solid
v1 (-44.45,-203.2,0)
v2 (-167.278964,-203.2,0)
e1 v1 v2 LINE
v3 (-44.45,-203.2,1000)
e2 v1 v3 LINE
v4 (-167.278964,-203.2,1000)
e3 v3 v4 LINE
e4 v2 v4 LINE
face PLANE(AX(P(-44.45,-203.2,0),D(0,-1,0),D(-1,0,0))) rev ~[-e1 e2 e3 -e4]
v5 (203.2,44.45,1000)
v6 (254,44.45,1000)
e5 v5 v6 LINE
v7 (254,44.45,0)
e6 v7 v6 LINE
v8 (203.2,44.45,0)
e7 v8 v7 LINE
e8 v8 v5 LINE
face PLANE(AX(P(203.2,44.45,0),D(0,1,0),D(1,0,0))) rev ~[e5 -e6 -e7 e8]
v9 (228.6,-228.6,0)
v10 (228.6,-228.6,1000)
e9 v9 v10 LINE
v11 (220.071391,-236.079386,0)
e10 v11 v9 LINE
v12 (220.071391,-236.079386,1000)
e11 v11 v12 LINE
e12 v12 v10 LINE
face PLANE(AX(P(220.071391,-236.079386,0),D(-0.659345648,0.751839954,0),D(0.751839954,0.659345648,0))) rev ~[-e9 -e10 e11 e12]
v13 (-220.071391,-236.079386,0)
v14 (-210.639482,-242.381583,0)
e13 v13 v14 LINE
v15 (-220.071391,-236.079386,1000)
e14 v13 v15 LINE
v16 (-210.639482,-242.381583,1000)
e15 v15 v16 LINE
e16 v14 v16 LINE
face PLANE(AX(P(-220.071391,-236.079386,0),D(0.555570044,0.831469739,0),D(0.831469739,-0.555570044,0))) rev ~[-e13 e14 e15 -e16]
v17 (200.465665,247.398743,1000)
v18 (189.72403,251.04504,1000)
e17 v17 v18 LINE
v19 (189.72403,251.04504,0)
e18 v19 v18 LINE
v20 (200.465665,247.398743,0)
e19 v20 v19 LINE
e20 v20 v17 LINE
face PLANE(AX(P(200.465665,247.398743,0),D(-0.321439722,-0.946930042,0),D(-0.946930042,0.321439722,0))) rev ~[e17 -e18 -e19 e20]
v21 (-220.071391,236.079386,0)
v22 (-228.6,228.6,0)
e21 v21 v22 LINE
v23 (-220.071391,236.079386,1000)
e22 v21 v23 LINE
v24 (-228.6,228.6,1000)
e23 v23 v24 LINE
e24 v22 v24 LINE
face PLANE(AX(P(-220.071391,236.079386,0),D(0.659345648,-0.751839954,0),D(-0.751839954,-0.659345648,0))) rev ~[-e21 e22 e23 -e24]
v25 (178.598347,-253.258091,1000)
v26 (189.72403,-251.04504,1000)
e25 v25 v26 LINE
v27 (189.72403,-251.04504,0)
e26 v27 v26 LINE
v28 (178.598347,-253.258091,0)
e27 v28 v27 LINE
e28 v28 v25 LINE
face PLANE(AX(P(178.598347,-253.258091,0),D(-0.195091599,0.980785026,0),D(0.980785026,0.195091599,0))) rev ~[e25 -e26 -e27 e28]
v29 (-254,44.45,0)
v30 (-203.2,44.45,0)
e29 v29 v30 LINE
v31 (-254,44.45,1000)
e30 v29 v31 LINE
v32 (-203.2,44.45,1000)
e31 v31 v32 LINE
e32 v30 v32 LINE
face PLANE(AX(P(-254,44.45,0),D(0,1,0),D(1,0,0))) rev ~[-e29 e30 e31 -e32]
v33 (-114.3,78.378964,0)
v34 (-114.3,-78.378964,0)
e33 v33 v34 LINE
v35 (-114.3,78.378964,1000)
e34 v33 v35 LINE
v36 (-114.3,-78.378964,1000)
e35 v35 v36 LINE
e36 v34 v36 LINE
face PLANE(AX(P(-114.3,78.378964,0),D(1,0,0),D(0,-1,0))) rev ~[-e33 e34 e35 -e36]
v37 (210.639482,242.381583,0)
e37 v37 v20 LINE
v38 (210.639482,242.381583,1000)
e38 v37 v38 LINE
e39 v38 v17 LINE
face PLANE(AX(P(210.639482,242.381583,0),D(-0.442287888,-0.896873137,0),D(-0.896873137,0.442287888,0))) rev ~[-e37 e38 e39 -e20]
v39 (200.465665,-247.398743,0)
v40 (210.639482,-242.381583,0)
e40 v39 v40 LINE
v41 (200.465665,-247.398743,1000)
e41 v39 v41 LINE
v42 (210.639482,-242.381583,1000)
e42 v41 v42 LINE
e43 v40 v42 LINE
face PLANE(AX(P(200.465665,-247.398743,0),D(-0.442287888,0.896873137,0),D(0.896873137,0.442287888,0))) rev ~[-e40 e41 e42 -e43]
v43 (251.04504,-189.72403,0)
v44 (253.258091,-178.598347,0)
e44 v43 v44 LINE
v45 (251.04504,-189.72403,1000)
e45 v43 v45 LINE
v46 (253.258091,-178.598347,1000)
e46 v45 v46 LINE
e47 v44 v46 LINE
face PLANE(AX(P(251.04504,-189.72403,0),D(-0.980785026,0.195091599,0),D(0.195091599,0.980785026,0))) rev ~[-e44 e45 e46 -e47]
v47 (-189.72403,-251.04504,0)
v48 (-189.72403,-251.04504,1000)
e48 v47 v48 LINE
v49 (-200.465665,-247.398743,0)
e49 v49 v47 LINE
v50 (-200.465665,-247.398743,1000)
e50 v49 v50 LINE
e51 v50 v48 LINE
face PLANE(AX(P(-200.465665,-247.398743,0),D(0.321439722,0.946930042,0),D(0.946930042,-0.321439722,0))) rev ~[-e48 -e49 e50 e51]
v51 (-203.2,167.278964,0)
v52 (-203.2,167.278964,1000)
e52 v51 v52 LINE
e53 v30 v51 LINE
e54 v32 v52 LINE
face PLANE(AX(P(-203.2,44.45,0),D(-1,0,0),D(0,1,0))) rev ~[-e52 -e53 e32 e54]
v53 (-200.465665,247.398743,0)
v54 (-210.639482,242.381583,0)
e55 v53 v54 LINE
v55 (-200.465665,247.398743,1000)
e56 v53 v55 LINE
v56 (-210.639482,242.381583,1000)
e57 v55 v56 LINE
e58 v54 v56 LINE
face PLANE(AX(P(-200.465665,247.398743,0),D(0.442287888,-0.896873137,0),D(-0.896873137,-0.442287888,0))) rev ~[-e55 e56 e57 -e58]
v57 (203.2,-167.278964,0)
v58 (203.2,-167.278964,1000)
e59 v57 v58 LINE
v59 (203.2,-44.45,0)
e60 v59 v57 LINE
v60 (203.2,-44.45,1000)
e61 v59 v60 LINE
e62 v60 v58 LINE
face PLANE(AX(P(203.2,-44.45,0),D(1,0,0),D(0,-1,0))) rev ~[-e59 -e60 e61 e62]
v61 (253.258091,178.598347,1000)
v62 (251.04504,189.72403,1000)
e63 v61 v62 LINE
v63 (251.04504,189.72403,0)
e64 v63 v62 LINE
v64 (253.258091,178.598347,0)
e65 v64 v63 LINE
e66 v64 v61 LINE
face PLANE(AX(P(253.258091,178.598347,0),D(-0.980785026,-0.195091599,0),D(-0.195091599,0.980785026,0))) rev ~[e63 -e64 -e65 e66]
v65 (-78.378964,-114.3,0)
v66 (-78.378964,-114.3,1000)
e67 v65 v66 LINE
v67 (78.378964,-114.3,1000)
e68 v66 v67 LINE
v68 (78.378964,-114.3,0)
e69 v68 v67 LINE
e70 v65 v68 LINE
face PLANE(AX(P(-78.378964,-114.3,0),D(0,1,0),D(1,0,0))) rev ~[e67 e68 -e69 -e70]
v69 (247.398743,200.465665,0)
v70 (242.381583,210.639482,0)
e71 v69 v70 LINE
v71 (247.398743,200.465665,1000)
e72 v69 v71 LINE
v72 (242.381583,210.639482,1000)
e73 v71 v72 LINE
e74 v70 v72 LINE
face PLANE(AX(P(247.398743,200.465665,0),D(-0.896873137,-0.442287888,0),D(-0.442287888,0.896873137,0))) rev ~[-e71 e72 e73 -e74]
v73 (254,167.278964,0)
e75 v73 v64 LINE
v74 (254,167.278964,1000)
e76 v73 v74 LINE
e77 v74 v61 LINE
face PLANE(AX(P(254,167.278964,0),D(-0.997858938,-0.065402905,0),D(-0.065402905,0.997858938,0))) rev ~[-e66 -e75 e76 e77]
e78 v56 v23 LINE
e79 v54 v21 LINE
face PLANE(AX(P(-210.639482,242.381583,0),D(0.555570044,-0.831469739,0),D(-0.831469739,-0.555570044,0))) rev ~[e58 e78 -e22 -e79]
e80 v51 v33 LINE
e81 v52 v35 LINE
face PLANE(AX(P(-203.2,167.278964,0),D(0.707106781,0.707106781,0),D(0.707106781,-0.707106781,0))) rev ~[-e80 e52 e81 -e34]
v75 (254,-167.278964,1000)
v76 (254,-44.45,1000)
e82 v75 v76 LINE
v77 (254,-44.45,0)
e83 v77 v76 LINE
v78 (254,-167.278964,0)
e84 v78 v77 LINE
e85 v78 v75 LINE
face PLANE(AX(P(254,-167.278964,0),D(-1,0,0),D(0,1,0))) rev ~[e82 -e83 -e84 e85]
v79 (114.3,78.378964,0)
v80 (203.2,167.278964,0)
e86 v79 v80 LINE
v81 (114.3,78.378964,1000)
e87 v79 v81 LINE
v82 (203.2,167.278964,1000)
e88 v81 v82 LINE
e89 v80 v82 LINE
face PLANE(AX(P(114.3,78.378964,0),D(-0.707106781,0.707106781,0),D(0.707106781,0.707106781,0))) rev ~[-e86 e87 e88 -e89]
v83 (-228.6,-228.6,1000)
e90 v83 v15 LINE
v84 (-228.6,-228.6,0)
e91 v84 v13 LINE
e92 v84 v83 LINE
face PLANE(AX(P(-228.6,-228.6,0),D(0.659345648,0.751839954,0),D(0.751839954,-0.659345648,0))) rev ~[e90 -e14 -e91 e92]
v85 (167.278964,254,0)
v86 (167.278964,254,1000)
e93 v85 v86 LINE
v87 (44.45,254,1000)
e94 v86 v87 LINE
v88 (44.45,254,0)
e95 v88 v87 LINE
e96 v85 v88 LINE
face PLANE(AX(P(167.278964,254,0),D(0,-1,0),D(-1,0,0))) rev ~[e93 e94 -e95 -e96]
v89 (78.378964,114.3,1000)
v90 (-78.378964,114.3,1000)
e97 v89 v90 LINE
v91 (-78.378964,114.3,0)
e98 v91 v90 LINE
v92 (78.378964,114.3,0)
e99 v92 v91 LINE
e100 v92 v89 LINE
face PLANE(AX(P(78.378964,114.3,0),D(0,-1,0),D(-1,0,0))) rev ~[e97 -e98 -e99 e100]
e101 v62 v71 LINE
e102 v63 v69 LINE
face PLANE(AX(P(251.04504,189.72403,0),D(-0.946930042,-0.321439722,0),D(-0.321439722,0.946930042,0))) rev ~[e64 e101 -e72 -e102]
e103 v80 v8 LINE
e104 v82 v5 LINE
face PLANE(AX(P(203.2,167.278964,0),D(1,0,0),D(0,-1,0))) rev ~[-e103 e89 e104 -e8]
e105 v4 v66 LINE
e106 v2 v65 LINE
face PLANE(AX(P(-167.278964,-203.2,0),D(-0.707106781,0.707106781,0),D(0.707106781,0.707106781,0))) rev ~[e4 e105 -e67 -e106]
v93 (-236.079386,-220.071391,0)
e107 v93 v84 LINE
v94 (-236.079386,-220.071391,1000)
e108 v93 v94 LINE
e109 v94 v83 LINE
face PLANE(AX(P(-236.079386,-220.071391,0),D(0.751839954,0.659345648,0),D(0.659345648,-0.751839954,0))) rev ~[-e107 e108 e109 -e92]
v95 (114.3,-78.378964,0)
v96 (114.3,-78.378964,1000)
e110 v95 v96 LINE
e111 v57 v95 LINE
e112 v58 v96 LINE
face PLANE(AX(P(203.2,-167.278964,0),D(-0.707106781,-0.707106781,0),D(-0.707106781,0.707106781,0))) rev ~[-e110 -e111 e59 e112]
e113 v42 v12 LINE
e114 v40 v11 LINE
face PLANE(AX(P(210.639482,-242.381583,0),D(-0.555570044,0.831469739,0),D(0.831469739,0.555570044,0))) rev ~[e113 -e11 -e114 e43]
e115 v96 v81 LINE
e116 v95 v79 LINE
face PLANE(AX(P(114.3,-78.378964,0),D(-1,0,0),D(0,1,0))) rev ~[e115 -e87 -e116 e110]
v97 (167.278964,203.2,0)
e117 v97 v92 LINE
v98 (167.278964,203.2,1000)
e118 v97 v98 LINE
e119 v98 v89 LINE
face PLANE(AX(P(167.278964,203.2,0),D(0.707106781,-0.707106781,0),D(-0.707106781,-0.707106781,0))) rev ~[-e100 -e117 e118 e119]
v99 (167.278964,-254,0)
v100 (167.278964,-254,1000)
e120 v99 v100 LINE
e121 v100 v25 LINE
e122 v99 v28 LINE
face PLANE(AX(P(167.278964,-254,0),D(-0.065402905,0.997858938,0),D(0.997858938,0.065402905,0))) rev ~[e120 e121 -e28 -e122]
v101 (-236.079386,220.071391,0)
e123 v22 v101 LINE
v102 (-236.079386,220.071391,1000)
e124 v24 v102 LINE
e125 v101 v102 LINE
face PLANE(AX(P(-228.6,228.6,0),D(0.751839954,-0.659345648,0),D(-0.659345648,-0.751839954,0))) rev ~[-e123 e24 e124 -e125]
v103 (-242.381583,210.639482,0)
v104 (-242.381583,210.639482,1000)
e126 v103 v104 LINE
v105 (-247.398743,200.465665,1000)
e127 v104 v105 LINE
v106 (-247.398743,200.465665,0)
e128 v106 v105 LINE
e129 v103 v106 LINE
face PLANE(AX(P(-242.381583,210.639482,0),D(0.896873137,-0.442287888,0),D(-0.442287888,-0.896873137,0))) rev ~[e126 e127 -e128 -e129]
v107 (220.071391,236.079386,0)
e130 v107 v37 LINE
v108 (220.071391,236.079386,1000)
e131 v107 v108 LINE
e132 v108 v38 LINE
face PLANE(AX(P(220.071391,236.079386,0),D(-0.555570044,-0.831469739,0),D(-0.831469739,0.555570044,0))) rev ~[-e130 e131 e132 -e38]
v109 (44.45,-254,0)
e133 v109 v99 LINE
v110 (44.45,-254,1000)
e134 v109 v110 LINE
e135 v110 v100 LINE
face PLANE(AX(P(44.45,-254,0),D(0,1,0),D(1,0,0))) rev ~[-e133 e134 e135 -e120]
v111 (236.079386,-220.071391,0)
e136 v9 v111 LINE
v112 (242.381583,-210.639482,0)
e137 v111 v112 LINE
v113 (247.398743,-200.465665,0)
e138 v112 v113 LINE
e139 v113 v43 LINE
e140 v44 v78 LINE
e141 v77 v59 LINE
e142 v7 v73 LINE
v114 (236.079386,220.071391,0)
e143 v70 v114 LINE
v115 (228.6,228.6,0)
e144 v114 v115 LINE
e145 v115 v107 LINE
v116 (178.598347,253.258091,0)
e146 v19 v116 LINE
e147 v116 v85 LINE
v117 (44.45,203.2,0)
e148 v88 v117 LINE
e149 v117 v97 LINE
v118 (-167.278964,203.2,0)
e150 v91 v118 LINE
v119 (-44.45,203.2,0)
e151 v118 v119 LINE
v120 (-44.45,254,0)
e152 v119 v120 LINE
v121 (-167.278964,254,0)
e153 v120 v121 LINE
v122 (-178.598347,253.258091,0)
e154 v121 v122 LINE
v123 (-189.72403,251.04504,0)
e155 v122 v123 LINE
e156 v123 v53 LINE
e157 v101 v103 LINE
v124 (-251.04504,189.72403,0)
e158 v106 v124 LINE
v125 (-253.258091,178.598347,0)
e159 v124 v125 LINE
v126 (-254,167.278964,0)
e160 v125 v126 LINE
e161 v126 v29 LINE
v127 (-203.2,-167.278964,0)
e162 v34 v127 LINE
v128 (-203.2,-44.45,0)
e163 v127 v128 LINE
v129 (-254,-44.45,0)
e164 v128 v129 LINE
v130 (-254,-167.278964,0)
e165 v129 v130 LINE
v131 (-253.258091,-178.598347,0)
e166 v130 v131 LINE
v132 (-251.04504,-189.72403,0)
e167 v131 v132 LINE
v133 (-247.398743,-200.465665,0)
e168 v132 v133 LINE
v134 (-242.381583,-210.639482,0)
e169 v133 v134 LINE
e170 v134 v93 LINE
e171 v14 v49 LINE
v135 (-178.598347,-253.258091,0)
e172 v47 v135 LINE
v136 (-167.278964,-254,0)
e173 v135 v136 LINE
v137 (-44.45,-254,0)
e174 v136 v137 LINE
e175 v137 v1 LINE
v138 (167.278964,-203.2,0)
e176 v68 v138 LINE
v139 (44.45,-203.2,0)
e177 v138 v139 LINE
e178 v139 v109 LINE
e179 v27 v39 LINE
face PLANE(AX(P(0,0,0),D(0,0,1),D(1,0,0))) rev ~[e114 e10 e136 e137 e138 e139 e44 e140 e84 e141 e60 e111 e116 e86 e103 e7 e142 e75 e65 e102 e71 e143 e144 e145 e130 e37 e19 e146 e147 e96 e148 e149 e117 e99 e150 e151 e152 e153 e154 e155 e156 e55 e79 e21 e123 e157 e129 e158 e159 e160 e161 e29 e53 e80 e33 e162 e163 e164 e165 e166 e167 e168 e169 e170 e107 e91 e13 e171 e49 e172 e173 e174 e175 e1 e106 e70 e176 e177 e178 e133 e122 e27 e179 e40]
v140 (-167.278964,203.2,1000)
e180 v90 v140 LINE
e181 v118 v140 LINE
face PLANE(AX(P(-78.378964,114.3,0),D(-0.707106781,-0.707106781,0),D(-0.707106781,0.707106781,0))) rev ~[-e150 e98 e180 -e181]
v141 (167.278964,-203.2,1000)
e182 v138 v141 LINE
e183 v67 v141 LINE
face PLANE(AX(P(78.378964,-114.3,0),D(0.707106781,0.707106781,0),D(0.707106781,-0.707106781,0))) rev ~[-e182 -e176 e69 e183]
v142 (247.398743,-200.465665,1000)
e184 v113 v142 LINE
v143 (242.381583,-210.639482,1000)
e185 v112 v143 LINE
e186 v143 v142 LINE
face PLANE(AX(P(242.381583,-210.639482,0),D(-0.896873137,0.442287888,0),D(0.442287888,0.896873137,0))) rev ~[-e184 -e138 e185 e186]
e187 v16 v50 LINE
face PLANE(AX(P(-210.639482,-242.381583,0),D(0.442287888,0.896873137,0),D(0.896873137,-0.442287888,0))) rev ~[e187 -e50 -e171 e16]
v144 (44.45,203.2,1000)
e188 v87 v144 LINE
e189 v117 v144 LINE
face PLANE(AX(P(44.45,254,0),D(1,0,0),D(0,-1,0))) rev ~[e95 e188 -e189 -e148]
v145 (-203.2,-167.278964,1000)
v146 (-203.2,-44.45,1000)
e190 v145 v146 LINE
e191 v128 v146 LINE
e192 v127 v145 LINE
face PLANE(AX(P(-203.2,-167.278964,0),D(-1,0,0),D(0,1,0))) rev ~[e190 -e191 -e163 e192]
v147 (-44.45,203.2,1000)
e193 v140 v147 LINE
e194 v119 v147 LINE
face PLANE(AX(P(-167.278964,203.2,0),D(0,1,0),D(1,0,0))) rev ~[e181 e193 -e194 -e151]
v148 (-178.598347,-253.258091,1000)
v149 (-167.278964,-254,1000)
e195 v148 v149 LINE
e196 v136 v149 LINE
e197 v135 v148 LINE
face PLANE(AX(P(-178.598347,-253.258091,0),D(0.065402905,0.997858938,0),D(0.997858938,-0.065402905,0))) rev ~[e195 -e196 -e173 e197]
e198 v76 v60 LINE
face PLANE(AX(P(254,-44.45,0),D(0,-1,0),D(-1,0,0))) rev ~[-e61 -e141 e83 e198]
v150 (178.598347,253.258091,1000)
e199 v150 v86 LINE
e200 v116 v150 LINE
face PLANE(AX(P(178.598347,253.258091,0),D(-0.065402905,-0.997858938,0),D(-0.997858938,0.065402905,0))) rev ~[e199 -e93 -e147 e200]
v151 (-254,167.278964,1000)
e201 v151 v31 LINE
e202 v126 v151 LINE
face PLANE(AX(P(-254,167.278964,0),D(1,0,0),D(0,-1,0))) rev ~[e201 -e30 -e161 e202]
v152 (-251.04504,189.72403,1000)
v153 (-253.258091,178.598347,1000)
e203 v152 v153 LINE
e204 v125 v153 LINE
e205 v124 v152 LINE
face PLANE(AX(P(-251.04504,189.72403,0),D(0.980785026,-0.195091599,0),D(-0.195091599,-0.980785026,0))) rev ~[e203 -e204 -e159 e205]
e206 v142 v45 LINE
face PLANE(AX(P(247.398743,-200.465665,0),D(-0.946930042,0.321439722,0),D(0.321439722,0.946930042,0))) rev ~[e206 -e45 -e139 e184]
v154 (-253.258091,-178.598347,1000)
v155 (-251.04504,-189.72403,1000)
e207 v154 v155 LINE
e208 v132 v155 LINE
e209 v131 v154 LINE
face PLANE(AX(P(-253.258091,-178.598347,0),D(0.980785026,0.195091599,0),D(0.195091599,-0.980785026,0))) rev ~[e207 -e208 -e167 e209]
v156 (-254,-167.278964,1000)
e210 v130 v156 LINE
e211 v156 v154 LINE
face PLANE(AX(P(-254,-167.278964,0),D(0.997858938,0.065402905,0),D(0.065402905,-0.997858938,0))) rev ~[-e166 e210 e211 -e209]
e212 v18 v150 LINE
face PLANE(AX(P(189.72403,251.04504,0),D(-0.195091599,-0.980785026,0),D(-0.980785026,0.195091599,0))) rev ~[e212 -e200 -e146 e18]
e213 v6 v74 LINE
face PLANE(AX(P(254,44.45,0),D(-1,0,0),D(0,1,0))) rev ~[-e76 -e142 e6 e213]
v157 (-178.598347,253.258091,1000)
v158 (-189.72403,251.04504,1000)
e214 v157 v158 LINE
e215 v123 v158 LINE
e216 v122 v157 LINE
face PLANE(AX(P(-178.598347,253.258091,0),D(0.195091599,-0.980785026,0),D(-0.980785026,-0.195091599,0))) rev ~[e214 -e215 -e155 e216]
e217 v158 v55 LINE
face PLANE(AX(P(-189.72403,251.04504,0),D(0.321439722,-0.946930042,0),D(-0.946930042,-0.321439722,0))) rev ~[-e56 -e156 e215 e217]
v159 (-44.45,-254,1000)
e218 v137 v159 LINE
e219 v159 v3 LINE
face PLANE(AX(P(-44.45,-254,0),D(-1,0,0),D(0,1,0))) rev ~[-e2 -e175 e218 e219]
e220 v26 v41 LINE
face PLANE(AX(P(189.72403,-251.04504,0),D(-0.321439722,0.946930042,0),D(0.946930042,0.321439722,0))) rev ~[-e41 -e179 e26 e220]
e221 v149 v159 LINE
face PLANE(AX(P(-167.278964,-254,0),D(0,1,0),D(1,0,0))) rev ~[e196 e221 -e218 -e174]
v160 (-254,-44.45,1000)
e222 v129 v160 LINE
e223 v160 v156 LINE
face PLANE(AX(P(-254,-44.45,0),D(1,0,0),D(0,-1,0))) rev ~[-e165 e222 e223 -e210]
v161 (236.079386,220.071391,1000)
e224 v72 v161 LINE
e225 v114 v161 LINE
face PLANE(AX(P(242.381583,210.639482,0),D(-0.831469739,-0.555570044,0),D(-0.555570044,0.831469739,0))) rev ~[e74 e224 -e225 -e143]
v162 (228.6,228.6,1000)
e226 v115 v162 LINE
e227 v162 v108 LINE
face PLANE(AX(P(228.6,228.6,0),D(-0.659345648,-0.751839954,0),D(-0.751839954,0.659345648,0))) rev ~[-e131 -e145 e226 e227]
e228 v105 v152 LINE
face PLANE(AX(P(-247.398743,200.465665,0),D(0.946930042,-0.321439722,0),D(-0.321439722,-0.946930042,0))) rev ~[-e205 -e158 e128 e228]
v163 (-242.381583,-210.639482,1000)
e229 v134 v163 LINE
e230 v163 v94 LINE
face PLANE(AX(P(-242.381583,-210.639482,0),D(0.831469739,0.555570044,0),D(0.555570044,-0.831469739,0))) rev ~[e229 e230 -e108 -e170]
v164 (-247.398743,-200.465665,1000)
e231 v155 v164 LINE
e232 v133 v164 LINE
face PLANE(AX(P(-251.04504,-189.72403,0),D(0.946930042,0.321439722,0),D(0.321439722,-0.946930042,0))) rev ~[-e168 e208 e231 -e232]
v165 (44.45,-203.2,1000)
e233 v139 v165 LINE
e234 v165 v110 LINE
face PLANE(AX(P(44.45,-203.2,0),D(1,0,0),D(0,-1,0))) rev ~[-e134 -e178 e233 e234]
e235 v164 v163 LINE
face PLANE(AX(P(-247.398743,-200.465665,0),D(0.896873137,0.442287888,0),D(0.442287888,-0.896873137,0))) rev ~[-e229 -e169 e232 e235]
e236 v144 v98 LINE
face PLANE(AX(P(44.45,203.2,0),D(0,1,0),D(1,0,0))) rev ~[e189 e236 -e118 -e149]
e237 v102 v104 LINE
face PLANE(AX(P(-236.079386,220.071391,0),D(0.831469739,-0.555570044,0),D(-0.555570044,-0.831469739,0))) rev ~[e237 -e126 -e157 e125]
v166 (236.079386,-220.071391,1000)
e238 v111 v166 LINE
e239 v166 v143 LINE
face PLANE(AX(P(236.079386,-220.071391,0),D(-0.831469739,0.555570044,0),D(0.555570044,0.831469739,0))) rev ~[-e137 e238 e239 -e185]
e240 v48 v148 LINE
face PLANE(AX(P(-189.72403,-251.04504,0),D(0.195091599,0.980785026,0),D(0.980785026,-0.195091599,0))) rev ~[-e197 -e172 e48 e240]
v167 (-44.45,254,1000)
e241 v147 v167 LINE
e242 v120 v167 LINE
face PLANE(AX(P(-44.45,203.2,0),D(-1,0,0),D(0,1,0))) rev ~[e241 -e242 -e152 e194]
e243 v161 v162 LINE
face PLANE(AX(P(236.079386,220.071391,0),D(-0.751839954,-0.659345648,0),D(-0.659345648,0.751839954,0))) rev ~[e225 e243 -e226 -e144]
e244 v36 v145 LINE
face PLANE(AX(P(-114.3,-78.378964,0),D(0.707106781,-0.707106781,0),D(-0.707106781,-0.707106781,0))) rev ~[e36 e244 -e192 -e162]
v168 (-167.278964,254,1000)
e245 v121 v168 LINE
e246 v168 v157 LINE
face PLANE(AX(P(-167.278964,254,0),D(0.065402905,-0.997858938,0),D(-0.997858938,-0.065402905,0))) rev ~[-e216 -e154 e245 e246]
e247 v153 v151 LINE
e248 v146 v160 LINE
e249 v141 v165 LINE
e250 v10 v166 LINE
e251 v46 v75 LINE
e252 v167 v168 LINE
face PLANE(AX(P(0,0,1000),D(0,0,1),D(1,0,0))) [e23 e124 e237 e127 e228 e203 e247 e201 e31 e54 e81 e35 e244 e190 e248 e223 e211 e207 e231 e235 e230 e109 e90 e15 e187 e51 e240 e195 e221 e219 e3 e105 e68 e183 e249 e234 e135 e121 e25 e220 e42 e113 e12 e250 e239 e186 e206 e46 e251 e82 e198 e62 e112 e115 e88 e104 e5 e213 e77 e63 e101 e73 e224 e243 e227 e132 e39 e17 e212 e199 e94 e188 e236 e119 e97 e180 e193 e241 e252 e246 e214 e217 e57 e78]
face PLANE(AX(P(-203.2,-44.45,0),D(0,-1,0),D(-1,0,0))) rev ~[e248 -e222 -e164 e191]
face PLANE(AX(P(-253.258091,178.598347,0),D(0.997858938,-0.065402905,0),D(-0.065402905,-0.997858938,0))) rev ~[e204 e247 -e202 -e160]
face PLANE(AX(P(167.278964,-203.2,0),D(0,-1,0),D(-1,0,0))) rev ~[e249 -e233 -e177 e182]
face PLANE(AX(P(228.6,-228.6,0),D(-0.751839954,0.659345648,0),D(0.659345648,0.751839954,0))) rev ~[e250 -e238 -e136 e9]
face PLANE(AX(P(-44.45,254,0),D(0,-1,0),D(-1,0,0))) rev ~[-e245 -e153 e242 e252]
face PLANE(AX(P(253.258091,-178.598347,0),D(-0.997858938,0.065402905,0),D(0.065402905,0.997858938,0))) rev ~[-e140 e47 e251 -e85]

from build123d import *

# Parameters (mm, degrees)
F1_DEPTH = 1000


with BuildPart() as f1:
    # F0 (on Top) → F1 (new body)
    with BuildSketch(Plane.XY):
        Polygon((-247.398743, 200.465665), (-251.04504, 189.72403), (-253.258091, 178.598347), (-254, 167.278964), (-254, 44.45), (-203.2, 44.45), (-203.2, 167.278964), (-114.3, 78.378964), (-114.3, -78.378964), (-203.2, -167.278964), (-203.2, -44.45), (-254, -44.45), (-254, -167.278964), (-253.258091, -178.598347), (-251.04504, -189.72403), (-247.398743, -200.465665), (-242.381583, -210.639482), (-236.079386, -220.071391), (-228.6, -228.6), (-220.071391, -236.079386), (-210.639482, -242.381583), (-200.465665, -247.398743), (-189.72403, -251.04504), (-178.598347, -253.258091), (-167.278964, -254), (-44.45, -254), (-44.45, -203.2), (-167.278964, -203.2), (-78.378964, -114.3), (78.378964, -114.3), (167.278964, -203.2), (44.45, -203.2), (44.45, -254), (167.278964, -254), (178.598347, -253.258091), (189.72403, -251.04504), (200.465665, -247.398743), (210.639482, -242.381583), (220.071391, -236.079386), (228.6, -228.6), (236.079386, -220.071391), (242.381583, -210.639482), (247.398743, -200.465665), (251.04504, -189.72403), (253.258091, -178.598347), (254, -167.278964), (254, -44.45), (203.2, -44.45), (203.2, -167.278964), (114.3, -78.378964), (114.3, 78.378964), (203.2, 167.278964), (203.2, 44.45), (254, 44.45), (254, 167.278964), (253.258091, 178.598347), (251.04504, 189.72403), (247.398743, 200.465665), (242.381583, 210.639482), (236.079386, 220.071391), (228.6, 228.6), (220.071391, 236.079386), (210.639482, 242.381583), (200.465665, 247.398743), (189.72403, 251.04504), (178.598347, 253.258091), (167.278964, 254), (44.45, 254), (44.45, 203.2), (167.278964, 203.2), (78.378964, 114.3), (-78.378964, 114.3), (-167.278964, 203.2), (-44.45, 203.2), (-44.45, 254), (-165.246964, 254), (-167.278964, 254), (-178.598347, 253.258091), (-189.72403, 251.04504), (-200.465665, 247.398743), (-210.639482, 242.381583), (-220.071391, 236.079386), (-228.6, 228.6), (-236.079386, 220.071391), (-242.381583, 210.639482), align=None)
    extrude(amount=F1_DEPTH)


solid = f1.part
